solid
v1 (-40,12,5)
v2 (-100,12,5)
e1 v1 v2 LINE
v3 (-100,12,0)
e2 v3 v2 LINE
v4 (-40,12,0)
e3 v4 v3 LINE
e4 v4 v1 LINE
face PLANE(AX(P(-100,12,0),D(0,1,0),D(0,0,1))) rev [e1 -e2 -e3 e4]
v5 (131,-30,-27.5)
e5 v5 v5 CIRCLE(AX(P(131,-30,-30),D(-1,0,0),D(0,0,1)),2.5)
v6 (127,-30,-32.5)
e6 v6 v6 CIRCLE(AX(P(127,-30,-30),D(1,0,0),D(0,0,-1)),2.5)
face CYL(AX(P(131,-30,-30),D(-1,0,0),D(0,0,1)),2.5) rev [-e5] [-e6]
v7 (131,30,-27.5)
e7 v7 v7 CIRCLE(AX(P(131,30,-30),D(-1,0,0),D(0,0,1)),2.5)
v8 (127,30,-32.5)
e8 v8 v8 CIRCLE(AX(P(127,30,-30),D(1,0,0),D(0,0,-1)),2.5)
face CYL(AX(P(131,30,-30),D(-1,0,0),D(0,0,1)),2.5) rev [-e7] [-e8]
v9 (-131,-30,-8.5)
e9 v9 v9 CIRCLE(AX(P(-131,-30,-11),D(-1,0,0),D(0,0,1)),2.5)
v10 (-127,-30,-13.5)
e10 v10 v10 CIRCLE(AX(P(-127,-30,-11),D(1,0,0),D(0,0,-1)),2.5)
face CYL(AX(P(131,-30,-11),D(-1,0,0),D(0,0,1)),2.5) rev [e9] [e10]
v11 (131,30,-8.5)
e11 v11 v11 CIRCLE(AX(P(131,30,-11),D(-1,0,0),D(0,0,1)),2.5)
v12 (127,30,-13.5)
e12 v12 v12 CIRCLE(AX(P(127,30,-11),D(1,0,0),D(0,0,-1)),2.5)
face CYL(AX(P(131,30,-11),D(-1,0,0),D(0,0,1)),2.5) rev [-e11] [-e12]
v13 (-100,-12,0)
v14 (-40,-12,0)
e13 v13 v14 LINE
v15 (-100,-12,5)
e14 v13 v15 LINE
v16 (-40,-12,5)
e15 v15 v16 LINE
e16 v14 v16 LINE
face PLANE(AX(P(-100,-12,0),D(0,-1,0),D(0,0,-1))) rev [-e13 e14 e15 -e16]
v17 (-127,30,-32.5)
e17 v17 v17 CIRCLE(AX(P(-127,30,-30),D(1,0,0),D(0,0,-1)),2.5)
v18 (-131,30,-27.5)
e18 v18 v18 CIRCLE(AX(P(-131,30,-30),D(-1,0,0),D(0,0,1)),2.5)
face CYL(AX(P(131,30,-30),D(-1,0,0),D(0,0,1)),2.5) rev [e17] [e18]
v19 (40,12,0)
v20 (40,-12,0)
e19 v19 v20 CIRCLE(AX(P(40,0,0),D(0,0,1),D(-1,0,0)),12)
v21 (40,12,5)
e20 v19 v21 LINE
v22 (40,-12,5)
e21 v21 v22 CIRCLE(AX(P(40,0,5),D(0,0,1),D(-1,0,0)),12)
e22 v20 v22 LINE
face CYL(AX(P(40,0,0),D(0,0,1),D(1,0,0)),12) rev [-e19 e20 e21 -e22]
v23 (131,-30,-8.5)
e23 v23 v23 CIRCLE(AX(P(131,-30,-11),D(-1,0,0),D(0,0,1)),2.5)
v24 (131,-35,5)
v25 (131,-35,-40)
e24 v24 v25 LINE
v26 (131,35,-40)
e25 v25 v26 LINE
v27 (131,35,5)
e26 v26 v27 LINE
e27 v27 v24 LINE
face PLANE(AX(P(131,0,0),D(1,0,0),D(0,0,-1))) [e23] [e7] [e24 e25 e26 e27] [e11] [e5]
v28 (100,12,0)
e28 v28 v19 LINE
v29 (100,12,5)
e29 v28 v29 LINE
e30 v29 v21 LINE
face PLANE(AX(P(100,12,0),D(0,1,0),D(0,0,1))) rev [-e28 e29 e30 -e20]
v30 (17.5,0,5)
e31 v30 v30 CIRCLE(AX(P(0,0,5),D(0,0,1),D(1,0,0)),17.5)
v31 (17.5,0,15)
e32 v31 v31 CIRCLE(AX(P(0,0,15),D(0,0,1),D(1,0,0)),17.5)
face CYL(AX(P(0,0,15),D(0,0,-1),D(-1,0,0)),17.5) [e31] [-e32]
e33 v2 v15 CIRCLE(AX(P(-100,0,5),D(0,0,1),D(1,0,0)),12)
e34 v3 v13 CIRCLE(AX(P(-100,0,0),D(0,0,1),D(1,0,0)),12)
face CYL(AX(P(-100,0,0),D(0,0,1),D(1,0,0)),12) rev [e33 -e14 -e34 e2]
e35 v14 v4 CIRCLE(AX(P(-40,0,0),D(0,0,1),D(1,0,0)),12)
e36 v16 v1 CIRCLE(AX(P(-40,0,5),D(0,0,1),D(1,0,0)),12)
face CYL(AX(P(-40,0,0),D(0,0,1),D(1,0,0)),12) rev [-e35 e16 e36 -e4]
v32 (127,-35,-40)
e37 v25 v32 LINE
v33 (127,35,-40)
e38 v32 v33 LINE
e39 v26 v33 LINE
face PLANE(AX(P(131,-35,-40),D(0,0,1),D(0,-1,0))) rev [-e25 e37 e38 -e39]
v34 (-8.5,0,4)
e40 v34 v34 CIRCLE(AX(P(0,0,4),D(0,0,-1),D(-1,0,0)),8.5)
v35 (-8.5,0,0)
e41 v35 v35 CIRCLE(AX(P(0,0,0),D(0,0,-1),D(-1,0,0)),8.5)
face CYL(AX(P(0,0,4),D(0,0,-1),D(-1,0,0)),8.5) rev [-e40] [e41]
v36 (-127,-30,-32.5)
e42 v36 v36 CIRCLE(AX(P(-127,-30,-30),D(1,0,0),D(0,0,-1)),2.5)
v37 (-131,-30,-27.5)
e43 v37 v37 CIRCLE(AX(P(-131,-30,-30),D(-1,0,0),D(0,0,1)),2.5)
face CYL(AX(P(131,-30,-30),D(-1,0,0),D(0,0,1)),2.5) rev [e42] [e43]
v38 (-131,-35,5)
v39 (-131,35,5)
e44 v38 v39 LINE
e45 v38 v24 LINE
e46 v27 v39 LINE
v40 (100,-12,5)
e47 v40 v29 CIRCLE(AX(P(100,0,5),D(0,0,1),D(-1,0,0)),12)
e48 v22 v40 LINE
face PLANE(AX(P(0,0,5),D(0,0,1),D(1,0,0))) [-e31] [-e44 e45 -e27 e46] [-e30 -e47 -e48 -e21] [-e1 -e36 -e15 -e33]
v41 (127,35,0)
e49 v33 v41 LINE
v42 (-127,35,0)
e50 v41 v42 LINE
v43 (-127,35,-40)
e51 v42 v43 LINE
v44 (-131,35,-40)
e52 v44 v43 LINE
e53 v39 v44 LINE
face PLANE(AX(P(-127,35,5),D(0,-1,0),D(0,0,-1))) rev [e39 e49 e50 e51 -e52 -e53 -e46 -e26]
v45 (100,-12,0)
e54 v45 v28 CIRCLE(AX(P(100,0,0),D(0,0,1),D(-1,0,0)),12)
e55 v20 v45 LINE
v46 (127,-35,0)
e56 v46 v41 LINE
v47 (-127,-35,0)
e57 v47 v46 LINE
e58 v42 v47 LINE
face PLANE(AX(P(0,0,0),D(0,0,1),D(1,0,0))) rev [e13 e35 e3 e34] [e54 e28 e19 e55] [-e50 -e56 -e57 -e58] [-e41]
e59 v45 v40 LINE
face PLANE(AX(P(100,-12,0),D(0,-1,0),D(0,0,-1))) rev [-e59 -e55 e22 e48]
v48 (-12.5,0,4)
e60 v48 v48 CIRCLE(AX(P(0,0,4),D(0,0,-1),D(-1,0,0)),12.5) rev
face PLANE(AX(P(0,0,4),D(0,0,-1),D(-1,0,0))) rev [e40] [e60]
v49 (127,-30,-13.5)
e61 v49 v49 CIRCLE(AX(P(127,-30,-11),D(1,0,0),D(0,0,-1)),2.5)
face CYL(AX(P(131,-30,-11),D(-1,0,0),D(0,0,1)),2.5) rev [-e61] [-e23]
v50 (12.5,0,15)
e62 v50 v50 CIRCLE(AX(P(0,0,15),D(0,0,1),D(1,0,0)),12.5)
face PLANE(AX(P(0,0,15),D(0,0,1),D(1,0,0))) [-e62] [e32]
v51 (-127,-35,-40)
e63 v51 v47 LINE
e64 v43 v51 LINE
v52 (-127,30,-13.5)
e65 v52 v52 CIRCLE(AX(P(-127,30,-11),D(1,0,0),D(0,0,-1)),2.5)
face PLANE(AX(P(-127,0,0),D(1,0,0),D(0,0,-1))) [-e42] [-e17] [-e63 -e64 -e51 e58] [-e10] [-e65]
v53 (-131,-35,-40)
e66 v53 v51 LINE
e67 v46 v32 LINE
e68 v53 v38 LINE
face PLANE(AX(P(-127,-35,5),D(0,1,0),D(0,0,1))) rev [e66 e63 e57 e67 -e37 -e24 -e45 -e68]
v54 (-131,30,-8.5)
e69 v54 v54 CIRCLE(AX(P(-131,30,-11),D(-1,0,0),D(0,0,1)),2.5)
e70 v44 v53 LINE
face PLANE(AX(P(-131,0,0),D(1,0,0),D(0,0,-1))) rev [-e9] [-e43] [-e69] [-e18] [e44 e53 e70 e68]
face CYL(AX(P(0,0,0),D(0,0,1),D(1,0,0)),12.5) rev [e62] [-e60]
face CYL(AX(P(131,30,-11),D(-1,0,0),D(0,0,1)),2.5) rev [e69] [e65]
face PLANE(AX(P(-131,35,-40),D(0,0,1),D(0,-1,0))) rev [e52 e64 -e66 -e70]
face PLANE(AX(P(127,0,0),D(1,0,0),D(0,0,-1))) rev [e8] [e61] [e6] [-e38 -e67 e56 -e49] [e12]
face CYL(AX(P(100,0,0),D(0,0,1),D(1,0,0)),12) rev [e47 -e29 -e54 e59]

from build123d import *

# Parameters (mm, degrees)
ESQUISSE1_W             = 254
ESQUISSE1_H             = 70
BOSS_EXTRU_1_DEPTH      = 5
ESQUISSE2_R             = 12.5
ENL_V_MAT_EXTRU_1_DEPTH = 132.829435256
BOSS_EXTRU_2_START      = 10
ESQUISSE3_R             = 17.5
ESQUISSE3_R_2           = 12.5
BOSS_EXTRU_2_DEPTH      = 10
ENL_V_MAT_EXTRU_2_DEPTH = 133.113587492
ESQUISSE5_W             = 45
ESQUISSE5_H             = 70
BOSS_EXTRU_3_DEPTH      = 4
ESQUISSE6_W             = 45
ESQUISSE6_H             = 70
BOSS_EXTRU_4_DEPTH      = 4
ESQUISSE7_R             = 2.5
ENL_V_MAT_EXTRU_3_DEPTH = 268.336866145
BOSS_EXTRU_5_START      = -4
ESQUISSE8_R             = 12.5
ESQUISSE8_R_2           = 8.5
BOSS_EXTRU_5_DEPTH      = 4


with BuildPart() as part:
    # Esquisse1 → Boss.-Extru.1 (new body)
    with BuildSketch(Plane.XY):
        Rectangle(ESQUISSE1_W, ESQUISSE1_H)
    extrude(amount=BOSS_EXTRU_1_DEPTH)

    # Esquisse2 → Enlèv. mat.-Extru.1 (cut, through all)
    with BuildSketch(Plane.XY.offset(5)):
        Circle(ESQUISSE2_R)
    extrude(amount=-ENL_V_MAT_EXTRU_1_DEPTH, mode=Mode.SUBTRACT)

    # Esquisse3 → Boss.-Extru.2 (add)
    with BuildSketch(Plane.XY.offset(5).offset(BOSS_EXTRU_2_START)):
        Circle(ESQUISSE3_R)
        Circle(ESQUISSE3_R_2, mode=Mode.SUBTRACT)
    extrude(amount=-BOSS_EXTRU_2_DEPTH)

    # Esquisse4 → Enlèv. mat.-Extru.2 (cut, through all)
    with BuildSketch(Plane.XY.offset(5)):
        with BuildLine():
            Line((-100, 12), (-40, 12))
            ThreePointArc((-40, 12), (-28, 0), (-40, -12))
            Line((-40, -12), (-100, -12))
            ThreePointArc((-100, -12), (-112, 0), (-100, 12))
        make_face()
        with BuildLine():
            Line((100, 12), (40, 12))
            ThreePointArc((40, 12), (28, 0), (40, -12))
            Line((40, -12), (100, -12))
            ThreePointArc((100, -12), (112, 0), (100, 12))
        make_face()
    extrude(amount=-ENL_V_MAT_EXTRU_2_DEPTH, mode=Mode.SUBTRACT)

    # Esquisse5 → Boss.-Extru.3 (add)
    with BuildSketch(Plane.ZY.offset(127)):
        with Locations((-17.5, 0)):
            Rectangle(ESQUISSE5_W, ESQUISSE5_H)
    extrude(amount=BOSS_EXTRU_3_DEPTH)

    # Esquisse6 → Boss.-Extru.4 (add)
    with BuildSketch(Plane(origin=(127, 0, 0), x_dir=(0, 0, -1), z_dir=(1, 0, 0))):
        with Locations((17.5, 0)):
            Rectangle(ESQUISSE6_W, ESQUISSE6_H)
    extrude(amount=BOSS_EXTRU_4_DEPTH)

    # Esquisse7 → Enlèv. mat.-Extru.3 (cut, through all)
    with BuildSketch(Plane.ZY.offset(131)):
        with Locations((-11, 30)):
            Circle(ESQUISSE7_R)
        with Locations((-11, -30)):
            Circle(ESQUISSE7_R)
        with Locations((-30, 30)):
            Circle(ESQUISSE7_R)
        with Locations((-30, -30)):
            Circle(ESQUISSE7_R)
    extrude(amount=-ENL_V_MAT_EXTRU_3_DEPTH, mode=Mode.SUBTRACT)

    # Esquisse8 → Boss.-Extru.5 (add)
    with BuildSketch(Plane(origin=(0, 0, 0), x_dir=(-1, 0, 0), z_dir=(0, 0, -1)).offset(BOSS_EXTRU_5_START)):
        with Locations(Location((0, 0, 0), (0, 0, 180))):
            Circle(ESQUISSE8_R)
        Circle(ESQUISSE8_R_2, mode=Mode.SUBTRACT)
    extrude(amount=BOSS_EXTRU_5_DEPTH)


solid = part.part
